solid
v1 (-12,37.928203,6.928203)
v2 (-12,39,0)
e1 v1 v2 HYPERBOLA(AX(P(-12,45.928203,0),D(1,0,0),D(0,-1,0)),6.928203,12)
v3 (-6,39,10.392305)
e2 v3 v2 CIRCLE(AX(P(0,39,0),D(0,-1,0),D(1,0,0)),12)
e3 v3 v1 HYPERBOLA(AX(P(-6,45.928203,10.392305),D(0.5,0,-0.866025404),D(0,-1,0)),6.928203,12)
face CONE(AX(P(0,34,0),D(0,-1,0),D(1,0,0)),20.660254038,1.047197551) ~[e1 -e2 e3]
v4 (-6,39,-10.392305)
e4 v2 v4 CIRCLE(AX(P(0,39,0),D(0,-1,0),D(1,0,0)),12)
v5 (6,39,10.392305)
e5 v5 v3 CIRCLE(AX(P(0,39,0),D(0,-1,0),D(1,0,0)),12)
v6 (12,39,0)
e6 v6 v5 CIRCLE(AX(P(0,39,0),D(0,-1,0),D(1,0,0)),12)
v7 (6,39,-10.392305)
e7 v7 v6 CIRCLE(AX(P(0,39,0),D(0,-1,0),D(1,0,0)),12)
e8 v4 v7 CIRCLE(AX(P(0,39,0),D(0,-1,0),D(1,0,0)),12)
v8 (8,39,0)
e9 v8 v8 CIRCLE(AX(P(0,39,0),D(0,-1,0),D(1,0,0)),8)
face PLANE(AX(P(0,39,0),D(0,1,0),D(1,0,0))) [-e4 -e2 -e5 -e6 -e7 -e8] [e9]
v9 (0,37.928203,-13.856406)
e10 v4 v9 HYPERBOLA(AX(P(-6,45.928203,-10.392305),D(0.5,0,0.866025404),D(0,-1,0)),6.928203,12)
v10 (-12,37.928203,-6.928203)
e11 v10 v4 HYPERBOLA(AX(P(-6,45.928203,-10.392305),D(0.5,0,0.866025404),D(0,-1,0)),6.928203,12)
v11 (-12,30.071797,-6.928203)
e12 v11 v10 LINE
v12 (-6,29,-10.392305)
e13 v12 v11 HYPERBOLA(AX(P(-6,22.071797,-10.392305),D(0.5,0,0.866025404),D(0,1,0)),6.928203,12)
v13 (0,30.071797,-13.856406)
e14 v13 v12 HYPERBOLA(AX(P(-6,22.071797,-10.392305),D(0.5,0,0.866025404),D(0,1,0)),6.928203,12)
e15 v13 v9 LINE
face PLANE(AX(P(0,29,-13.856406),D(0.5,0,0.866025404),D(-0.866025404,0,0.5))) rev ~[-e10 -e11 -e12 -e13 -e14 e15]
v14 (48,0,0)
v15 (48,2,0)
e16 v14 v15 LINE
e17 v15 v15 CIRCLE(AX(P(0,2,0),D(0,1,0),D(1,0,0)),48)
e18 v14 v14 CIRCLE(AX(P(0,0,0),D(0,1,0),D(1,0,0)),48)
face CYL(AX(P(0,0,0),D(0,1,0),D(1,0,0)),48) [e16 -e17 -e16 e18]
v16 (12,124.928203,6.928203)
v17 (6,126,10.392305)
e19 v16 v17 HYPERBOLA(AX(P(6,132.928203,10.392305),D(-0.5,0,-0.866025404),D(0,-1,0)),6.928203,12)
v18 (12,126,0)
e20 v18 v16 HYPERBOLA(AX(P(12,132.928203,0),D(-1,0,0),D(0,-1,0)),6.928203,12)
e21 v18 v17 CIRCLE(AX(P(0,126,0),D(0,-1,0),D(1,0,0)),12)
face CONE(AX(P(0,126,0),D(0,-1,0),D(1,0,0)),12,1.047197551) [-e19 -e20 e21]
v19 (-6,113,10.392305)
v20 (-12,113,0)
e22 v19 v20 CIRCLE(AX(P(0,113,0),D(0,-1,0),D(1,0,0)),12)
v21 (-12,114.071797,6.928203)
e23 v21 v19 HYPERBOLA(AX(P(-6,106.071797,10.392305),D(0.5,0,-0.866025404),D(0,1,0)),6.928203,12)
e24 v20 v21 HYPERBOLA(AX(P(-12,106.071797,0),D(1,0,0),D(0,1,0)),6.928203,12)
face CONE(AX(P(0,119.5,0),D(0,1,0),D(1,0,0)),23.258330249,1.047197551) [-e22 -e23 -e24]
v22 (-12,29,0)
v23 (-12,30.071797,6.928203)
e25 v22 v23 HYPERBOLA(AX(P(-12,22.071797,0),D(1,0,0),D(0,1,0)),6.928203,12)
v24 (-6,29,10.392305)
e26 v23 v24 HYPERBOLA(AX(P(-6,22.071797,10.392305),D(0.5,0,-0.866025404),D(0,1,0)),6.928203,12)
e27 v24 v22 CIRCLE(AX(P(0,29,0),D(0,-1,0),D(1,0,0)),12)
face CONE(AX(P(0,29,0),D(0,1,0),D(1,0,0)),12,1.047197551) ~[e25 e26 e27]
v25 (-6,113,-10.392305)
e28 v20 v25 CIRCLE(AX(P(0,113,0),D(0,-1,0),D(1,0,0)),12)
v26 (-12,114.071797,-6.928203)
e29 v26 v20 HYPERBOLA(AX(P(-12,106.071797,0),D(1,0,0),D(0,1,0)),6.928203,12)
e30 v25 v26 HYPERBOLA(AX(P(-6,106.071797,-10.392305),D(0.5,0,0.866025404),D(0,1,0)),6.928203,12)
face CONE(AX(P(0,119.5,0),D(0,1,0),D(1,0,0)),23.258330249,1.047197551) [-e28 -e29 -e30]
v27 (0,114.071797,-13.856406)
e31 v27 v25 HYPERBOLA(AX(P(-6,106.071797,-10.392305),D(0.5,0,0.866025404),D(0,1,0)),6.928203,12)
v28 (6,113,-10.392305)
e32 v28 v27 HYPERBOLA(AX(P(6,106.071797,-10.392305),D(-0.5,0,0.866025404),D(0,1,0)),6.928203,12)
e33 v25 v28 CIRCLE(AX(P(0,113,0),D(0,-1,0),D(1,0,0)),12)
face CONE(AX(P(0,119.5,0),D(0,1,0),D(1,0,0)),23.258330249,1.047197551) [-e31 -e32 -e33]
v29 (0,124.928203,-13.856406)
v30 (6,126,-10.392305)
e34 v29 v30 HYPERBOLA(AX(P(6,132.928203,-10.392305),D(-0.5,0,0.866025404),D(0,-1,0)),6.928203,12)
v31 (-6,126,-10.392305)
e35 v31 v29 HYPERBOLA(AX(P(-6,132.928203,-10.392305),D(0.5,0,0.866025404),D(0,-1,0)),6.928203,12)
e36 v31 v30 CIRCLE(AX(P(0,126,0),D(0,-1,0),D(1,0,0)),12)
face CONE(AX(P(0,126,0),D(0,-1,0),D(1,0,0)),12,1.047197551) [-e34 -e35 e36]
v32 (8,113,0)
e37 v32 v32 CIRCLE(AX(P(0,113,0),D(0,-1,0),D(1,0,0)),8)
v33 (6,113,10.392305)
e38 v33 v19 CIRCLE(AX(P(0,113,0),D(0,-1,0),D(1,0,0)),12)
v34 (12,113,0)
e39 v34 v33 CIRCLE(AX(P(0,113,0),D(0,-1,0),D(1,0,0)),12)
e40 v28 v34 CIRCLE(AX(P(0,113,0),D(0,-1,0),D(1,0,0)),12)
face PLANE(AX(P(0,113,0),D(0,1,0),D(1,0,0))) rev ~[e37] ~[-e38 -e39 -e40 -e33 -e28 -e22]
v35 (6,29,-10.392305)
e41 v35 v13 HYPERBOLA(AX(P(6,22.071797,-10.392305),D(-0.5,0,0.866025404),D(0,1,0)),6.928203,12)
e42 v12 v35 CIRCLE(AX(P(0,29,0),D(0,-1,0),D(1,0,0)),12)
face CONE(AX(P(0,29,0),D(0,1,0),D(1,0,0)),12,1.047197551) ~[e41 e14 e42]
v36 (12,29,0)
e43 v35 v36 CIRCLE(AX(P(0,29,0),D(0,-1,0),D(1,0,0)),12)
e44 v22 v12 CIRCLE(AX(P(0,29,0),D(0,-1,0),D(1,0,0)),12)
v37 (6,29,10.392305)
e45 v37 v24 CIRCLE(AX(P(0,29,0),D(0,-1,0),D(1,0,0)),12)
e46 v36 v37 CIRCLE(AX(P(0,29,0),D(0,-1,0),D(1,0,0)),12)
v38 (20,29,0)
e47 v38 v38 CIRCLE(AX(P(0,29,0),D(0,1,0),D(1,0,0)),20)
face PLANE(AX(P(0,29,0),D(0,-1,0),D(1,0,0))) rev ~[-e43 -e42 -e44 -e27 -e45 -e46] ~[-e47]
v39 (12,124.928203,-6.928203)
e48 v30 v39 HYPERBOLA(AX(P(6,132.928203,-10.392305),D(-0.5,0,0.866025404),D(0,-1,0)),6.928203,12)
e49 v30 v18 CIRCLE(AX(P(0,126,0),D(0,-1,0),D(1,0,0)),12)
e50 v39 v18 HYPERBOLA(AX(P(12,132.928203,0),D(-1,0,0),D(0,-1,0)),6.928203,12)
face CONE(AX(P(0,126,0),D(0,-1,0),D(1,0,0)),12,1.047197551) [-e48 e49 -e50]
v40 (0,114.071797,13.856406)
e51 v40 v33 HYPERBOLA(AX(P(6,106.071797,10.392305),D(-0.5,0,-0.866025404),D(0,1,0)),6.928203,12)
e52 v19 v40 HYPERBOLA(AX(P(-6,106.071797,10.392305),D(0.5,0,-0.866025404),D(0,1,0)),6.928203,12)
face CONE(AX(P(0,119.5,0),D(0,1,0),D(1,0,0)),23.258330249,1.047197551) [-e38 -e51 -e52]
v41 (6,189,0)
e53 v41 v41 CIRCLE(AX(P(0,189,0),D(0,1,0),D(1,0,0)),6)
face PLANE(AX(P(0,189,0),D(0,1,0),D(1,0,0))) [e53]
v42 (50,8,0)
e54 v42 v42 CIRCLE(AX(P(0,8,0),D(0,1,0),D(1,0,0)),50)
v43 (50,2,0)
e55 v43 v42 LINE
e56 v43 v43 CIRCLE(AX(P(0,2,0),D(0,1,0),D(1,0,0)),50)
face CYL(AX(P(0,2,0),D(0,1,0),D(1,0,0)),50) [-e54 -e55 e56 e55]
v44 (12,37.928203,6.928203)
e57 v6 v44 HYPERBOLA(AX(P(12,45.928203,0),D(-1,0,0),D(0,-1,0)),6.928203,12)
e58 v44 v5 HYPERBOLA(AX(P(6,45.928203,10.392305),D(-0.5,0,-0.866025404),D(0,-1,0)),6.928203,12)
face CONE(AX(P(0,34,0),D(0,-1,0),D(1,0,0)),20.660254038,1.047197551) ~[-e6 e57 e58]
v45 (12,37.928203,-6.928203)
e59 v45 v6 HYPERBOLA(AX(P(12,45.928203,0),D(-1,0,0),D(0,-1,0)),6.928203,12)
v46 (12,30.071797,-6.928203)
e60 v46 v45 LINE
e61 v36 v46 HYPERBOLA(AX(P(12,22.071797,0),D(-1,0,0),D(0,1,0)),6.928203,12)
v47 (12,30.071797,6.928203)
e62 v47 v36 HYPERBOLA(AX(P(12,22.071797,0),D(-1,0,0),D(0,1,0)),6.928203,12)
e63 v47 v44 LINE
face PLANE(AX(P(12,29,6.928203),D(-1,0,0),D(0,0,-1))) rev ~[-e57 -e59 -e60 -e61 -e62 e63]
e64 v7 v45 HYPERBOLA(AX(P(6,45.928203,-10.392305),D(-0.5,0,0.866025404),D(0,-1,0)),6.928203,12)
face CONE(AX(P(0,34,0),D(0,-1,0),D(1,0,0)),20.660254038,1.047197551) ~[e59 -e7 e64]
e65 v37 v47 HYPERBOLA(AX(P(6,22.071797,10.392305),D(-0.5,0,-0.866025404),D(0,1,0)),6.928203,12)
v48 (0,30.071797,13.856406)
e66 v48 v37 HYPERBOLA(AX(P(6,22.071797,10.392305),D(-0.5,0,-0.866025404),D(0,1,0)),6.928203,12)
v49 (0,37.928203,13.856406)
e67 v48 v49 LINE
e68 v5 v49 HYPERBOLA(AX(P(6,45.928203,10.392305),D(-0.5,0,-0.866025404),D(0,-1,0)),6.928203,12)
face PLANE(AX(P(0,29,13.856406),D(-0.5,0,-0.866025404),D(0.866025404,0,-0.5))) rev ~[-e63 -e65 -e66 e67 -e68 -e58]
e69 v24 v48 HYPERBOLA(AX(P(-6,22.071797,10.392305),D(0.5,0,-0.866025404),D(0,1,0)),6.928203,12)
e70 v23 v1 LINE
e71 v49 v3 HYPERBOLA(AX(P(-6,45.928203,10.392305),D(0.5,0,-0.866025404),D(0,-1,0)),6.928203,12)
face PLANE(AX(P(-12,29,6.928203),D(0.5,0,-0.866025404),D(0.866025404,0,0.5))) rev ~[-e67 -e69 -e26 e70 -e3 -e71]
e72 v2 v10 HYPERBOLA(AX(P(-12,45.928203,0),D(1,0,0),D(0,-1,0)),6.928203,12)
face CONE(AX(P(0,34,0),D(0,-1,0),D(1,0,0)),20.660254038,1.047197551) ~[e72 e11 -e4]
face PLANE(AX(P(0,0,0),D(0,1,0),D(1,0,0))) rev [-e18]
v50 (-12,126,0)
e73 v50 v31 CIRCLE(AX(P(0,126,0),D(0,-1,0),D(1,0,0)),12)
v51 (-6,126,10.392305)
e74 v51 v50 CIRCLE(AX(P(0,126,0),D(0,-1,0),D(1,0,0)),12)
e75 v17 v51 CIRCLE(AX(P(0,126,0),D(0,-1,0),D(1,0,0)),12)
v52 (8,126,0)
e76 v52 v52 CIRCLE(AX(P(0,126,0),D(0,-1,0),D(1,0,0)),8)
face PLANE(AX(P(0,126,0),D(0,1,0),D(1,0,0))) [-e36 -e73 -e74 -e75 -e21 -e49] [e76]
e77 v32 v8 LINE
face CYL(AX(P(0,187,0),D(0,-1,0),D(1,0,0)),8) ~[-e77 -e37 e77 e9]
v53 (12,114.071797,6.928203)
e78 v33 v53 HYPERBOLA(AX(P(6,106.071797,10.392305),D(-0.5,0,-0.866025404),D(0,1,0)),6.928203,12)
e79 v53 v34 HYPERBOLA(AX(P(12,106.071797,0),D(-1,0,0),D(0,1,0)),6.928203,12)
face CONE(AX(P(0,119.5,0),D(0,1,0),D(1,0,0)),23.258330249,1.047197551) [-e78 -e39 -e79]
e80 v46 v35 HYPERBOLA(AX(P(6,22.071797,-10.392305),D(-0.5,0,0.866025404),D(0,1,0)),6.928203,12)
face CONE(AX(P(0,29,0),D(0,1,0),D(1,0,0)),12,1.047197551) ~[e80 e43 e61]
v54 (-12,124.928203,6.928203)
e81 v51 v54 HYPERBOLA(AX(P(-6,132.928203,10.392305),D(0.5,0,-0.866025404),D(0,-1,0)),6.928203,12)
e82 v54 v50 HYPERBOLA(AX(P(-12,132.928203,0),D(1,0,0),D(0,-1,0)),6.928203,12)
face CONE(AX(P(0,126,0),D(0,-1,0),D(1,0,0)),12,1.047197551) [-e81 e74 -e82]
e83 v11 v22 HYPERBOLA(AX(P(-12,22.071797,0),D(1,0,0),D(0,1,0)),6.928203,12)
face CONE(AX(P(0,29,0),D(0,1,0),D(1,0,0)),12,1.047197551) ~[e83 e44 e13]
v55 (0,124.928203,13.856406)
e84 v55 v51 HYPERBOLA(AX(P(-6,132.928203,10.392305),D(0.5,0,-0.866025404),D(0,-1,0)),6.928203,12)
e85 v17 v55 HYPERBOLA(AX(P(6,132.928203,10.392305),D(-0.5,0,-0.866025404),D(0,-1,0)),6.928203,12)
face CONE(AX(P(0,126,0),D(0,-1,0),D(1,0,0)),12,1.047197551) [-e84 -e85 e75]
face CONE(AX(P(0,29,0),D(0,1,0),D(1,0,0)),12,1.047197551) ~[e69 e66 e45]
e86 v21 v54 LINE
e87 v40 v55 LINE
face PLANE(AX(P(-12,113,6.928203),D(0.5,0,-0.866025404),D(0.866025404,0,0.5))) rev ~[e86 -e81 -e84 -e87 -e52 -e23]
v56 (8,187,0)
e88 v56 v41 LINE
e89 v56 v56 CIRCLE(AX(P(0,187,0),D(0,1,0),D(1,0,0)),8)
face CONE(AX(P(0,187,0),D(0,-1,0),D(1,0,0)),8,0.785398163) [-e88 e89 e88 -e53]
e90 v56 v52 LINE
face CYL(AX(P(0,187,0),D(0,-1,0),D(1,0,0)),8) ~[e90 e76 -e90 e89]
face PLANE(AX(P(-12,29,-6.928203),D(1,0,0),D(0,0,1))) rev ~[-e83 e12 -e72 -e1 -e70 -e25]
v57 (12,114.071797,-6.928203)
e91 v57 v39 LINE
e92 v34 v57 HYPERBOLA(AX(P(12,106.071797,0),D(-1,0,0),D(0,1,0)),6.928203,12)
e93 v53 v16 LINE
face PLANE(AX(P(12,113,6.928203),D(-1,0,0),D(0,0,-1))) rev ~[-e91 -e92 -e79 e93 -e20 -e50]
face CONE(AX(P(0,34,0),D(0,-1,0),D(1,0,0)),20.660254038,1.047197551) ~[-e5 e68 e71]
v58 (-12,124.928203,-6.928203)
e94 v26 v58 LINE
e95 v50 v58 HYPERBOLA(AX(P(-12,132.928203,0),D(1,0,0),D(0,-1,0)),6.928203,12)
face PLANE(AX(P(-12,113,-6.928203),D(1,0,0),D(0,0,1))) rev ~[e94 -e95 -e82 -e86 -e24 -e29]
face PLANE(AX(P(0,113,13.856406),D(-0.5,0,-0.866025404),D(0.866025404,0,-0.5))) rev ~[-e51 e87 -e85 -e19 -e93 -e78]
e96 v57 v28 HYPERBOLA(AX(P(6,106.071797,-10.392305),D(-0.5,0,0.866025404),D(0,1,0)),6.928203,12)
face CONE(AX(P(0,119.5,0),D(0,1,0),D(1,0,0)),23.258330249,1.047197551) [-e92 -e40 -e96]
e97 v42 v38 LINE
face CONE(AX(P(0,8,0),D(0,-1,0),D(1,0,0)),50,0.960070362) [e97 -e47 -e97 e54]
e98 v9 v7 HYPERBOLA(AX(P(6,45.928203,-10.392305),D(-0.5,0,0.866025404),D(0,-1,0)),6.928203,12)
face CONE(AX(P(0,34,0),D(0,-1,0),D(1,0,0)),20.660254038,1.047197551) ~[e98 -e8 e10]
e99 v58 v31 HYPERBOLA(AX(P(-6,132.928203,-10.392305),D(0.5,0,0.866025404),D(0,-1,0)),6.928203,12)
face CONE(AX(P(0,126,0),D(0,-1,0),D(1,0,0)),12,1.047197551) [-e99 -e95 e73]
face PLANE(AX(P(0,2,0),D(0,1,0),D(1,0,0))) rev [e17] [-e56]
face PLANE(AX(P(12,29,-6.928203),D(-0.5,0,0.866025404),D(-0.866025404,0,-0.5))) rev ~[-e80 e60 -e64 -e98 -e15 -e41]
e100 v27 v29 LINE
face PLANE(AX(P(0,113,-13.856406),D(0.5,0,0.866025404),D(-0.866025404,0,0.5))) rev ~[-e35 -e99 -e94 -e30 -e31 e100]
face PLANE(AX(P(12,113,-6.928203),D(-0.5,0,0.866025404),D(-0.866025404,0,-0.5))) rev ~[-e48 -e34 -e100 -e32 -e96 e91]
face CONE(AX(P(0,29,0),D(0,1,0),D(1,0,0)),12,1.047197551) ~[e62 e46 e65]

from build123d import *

# Parameters (mm, degrees)
EXTRUDE_1_DEPTH = 10
EXTRUDE_2_DEPTH = 13


with BuildPart() as part:
    # Эскиз1 → Повернуть1 (revolve)
    with BuildSketch(Plane.XY, mode=Mode.PRIVATE) as revolve_1_sk:
        Polygon((0, 0), (-48, 0), (-48, 2), (-50, 2), (-50, 8), (-20, 29), (-8, 29), (-8, 39), (-8, 187), (-6, 189), (0, 189), align=None)
    revolve(revolve_1_sk.sketch.rotate(Axis((0, 0, 0), (0, 1, 0)), 180), axis=Axis((0, 0, 0), (0, 1, 0)))  # turned: the seam where the file's is

    # Эскиз2 → Бобышка-Вытянуть1 (add)
    with BuildSketch(Plane(origin=(0, 29, 0), x_dir=(1, 0, 0), z_dir=(0, 1, 0))):
        Polygon((0, 13.856406461), (-12, 6.92820323), (-12, -6.92820323), (0, -13.856406461), (12, -6.92820323), (12, 6.92820323), align=None)
    extrude(amount=EXTRUDE_1_DEPTH)

    # Эскиз3 → Бобышка-Вытянуть2 (add)
    with BuildSketch(Plane(origin=(0, 113, 0), x_dir=(1, 0, 0), z_dir=(0, 1, 0))):
        Polygon((12, 6.92820323), (0, 13.856406461), (-12, 6.92820323), (-12, -6.92820323), (0, -13.856406461), (12, -6.92820323), align=None)
    extrude(amount=EXTRUDE_2_DEPTH)

    # Эскиз4 → Вырез-Повернуть2 (revolve, cut)
    with BuildSketch(Plane.XY, mode=Mode.PRIVATE) as cut_revolve_2_sk:
        Polygon((-23.258330249, 126), (-12, 126), (-23.258330249, 119.5), align=None)
        Polygon((-23.258330249, 113), (-23.258330249, 119.5), (-12, 113), align=None)
        Polygon((-20.660254038, 39), (-20.660254038, 34), (-12, 39), align=None)
        Polygon((-20.660254038, 34), (-20.660254038, 29), (-12, 29), align=None)
    revolve(cut_revolve_2_sk.sketch.rotate(Axis((0, 189, 0), (0, -1, 0)), 180), axis=Axis((0, 189, 0), (0, -1, 0)), mode=Mode.SUBTRACT)  # turned: the seam where the file's is


solid = part.part
